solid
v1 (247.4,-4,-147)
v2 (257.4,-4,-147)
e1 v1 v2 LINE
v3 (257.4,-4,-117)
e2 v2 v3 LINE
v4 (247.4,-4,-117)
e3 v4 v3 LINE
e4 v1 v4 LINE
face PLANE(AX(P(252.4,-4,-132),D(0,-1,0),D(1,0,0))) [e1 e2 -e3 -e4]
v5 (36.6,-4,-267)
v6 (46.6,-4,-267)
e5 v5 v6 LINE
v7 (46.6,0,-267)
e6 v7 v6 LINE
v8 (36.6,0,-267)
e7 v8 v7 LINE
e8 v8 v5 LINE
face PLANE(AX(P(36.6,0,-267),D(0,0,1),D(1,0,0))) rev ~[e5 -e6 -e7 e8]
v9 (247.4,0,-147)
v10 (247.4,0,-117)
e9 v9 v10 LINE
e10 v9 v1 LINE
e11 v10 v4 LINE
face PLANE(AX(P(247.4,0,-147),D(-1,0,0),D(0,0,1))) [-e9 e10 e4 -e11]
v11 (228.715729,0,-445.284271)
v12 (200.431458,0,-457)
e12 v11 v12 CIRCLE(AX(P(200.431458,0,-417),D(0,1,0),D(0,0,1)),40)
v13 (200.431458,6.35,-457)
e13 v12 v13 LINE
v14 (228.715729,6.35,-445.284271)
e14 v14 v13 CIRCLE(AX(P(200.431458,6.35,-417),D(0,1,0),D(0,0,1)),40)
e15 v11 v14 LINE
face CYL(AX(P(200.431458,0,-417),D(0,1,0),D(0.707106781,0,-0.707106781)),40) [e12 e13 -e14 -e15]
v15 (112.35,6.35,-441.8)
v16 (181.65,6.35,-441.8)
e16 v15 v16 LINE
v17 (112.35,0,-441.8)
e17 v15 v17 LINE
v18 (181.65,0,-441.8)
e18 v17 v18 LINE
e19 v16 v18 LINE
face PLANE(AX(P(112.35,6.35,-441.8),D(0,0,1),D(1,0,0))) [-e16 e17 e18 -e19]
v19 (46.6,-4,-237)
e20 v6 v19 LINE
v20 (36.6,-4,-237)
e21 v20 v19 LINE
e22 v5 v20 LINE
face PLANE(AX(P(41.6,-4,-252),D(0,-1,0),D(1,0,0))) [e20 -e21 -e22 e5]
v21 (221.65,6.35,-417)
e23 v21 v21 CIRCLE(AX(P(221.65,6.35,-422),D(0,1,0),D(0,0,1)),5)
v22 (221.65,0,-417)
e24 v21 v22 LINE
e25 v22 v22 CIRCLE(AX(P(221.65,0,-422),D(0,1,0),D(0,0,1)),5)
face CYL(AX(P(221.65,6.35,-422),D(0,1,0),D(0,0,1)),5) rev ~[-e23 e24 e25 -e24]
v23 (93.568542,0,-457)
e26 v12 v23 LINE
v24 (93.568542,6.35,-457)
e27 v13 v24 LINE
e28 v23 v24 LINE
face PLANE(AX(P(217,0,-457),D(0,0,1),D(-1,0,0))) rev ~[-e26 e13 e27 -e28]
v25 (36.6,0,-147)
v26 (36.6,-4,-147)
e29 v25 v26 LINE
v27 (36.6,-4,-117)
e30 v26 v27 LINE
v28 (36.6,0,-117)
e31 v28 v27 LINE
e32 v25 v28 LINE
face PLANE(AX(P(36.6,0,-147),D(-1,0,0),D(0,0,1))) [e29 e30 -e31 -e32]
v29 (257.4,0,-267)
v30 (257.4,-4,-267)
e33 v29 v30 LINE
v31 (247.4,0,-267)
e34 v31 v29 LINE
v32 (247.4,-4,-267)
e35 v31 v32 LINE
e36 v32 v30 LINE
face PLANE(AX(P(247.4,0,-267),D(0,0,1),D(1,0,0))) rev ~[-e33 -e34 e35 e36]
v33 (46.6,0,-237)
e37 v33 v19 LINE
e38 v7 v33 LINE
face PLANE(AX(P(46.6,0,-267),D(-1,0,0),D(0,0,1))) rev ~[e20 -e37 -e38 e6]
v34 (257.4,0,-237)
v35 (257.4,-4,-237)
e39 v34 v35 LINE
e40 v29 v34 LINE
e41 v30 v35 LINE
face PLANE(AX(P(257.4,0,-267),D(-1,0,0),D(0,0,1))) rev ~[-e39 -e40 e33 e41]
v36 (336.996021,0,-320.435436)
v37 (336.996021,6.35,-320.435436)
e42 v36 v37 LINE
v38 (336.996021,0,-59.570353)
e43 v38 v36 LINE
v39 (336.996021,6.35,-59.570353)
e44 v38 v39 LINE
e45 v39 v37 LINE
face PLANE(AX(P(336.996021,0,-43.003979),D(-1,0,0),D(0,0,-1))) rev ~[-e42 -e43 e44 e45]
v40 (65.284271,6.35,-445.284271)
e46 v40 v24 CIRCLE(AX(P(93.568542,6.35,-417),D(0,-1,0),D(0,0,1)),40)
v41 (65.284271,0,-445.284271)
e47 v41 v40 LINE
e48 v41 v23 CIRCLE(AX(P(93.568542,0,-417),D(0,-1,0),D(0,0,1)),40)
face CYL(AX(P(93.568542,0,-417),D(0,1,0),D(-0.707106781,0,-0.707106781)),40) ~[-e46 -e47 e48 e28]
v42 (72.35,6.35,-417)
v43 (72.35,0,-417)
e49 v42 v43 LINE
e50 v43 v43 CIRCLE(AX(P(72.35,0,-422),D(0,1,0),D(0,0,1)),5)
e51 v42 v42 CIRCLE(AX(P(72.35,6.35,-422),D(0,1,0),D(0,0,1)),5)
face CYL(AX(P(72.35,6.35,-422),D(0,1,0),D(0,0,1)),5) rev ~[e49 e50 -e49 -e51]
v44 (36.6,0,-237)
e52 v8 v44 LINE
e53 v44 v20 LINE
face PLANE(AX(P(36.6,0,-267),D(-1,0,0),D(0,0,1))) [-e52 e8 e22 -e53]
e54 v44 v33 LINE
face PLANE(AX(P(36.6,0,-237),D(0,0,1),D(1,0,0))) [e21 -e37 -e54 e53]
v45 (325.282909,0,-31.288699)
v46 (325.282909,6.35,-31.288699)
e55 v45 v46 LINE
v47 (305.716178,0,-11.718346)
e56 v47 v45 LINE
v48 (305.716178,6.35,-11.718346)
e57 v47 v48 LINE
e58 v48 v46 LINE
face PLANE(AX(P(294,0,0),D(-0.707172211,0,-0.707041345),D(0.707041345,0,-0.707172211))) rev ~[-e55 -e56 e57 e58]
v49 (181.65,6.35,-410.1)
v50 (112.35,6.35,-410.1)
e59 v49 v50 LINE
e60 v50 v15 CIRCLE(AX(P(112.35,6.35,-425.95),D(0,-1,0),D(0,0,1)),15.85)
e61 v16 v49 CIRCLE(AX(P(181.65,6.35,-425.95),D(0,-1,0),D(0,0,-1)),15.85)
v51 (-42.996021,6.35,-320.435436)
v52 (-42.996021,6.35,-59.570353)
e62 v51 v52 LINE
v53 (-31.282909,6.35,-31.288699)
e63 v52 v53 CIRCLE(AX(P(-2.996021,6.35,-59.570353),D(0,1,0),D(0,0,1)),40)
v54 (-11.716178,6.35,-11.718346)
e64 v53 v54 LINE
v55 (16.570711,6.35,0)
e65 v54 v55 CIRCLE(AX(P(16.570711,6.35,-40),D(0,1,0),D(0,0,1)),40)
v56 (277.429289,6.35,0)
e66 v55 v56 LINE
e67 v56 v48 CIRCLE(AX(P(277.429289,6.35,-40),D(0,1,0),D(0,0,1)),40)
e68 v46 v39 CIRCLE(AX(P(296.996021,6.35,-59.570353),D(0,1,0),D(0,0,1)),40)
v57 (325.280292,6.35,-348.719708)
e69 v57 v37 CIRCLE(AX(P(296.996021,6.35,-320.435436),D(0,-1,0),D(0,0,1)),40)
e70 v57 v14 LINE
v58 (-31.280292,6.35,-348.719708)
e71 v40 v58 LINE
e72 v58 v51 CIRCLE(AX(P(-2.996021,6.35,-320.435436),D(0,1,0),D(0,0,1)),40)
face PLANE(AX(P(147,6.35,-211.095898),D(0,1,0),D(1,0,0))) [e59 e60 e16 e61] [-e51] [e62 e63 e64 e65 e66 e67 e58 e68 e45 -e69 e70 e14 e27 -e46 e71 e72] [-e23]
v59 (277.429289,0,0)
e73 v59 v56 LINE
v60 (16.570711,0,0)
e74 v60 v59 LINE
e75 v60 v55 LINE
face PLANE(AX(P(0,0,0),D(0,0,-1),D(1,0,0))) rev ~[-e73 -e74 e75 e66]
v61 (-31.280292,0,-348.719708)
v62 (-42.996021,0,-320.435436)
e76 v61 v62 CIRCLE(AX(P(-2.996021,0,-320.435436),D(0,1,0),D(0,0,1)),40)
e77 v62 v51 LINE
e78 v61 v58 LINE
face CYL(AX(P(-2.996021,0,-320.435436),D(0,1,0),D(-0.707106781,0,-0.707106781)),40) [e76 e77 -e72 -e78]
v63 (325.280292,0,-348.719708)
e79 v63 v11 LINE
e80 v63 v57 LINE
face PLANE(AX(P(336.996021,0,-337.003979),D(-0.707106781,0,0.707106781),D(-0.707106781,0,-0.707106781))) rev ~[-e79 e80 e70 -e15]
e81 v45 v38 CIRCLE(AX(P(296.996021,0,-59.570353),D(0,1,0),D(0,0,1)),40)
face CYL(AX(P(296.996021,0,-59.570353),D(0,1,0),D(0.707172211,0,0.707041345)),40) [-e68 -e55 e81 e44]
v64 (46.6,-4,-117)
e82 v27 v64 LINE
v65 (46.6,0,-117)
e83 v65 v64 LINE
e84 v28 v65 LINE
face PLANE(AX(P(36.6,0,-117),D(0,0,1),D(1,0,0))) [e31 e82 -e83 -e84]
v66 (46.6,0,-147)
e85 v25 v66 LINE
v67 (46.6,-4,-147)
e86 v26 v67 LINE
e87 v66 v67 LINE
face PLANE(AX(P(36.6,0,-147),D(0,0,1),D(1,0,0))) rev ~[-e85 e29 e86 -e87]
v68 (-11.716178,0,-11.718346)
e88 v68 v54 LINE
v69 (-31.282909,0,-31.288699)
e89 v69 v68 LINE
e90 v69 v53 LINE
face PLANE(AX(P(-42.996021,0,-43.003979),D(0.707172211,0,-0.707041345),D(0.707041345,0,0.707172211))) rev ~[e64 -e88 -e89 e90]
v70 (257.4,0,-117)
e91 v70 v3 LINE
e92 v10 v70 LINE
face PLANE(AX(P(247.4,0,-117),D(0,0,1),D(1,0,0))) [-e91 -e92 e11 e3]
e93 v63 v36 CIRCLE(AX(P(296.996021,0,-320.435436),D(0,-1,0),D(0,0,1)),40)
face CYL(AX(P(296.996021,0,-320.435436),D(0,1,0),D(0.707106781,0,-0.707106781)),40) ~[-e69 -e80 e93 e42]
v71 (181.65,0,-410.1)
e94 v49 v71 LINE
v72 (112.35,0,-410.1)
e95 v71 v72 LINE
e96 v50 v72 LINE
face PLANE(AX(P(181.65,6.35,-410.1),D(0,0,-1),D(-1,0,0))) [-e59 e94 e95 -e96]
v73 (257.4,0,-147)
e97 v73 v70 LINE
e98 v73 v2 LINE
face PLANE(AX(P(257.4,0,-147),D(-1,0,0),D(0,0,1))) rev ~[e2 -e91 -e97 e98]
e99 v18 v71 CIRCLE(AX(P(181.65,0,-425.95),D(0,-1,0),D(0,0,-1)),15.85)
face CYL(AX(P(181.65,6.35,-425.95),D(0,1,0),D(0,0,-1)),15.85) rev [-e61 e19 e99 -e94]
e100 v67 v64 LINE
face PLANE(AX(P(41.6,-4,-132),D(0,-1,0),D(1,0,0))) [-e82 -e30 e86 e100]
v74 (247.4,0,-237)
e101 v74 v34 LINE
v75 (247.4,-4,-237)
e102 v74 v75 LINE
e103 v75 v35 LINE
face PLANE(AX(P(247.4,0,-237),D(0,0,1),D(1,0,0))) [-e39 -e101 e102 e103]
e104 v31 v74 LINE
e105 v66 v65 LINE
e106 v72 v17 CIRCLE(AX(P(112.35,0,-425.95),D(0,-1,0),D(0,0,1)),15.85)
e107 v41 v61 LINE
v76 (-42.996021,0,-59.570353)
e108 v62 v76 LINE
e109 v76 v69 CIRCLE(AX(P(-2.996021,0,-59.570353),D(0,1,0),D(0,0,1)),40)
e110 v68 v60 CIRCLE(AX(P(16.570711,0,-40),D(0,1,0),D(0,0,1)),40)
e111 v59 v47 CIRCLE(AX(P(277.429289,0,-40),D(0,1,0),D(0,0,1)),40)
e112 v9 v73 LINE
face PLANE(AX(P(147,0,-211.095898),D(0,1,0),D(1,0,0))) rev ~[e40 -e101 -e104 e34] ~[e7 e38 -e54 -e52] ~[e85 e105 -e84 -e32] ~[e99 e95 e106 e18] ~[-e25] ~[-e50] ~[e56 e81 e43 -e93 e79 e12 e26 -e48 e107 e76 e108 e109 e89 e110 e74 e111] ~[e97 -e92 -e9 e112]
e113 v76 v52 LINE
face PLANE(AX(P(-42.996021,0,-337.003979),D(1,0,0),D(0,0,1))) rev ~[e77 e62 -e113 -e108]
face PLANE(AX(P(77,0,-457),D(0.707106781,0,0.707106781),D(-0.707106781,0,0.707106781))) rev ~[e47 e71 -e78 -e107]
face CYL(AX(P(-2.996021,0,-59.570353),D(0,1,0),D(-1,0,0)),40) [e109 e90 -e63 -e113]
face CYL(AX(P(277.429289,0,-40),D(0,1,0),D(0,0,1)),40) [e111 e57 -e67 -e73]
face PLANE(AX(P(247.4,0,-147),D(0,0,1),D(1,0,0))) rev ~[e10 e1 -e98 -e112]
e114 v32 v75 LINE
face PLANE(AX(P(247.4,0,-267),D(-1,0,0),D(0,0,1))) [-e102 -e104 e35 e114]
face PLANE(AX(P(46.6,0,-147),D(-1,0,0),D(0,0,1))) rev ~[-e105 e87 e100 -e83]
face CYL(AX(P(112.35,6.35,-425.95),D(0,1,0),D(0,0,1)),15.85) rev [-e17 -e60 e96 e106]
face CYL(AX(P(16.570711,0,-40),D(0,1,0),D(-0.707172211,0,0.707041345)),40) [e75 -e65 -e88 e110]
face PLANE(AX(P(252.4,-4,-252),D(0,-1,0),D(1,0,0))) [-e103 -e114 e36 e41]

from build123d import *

# Parameters (mm, degrees)
BODY_DEPTH                    = 6.35
HANDLE_DEPTH                  = 6.35
SKETCH11_R                    = 5
LOCKING_MECHANISM_HOLES_DEPTH = 6.36
FILLET1_R                     = 40
FILLET2_R                     = 40
SKETCH12_W                    = 10
SKETCH12_H                    = 30
BOSS_EXTRUDE1_DEPTH           = 4


with BuildPart() as part:
    # Sketch1 → Body (new body)
    with BuildSketch(Plane(origin=(0, 0, 0), x_dir=(1, 0, 0), z_dir=(0, 1, 0))):
        Polygon((0, 0), (294, 0), (336.996020767, 43.003978862), (336.996020767, 337.003978862), (217, 456.999999629), (77, 456.999999629), (-42.996020767, 337.003978862), (-42.996020767, 43.003978862), align=None)
    extrude(amount=BODY_DEPTH)

    # Sketch2 → Handle (cut)
    with BuildSketch(Plane(origin=(0, 6.35, 0), x_dir=(1, 0, 0), z_dir=(0, 1, 0))):
        with BuildLine():
            Line((112.35, 441.799999629), (181.65, 441.799999629))
            ThreePointArc((181.65, 441.799999629), (197.5, 425.949999629), (181.65, 410.099999629))
            Line((181.65, 410.099999629), (112.35, 410.099999629))
            ThreePointArc((112.35, 410.099999629), (96.5, 425.949999629), (112.35, 441.799999629))
        make_face()
    extrude(amount=-HANDLE_DEPTH, mode=Mode.SUBTRACT)

    # Sketch11 → Locking Mechanism Holes (cut)
    with BuildSketch(Plane(origin=(0, 6.35, 0), x_dir=(1, 0, 0), z_dir=(0, 1, 0))):
        with Locations(Location((221.65, 421.999999629, 0), (0, 0, 270))):
            Circle(SKETCH11_R)
        with Locations(Location((72.35, 421.999999629, 0), (0, 0, 270))):
            Circle(SKETCH11_R)
    extrude(amount=-LOCKING_MECHANISM_HOLES_DEPTH, mode=Mode.SUBTRACT)

    # Fillet1
    fillet1_edges = [part.edges().sort_by_distance(p)[0] for p in [
        (77, 3.175, -456.999999629),
        (217, 3.175, -456.999999629),
    ]]
    fillet(fillet1_edges, radius=FILLET1_R)

    # Fillet2
    fillet2_edges = [part.edges().sort_by_distance(p)[0] for p in [
        (-42.996020767, 3.175, -43.003978862),
        (-42.996020767, 3.175, -337.003978862),
        (336.996020767, 3.175, -337.003978862),
        (336.996020767, 3.175, -43.003978862),
        (294, 3.175, 0),
        (0, 3.175, 0),
    ]]
    fillet(fillet2_edges, radius=FILLET2_R)

    # Sketch12 → Boss-Extrude1 (add)
    with BuildSketch(Plane.XZ):
        with Locations((252.4, -251.999999629)):
            Rectangle(SKETCH12_W, SKETCH12_H)
        with Locations((41.6, -131.999999629)):
            Rectangle(SKETCH12_W, SKETCH12_H)
        with Locations((41.6, -251.999999629)):
            Rectangle(SKETCH12_W, SKETCH12_H)
        with Locations((252.4, -131.999999629)):
            Rectangle(SKETCH12_W, SKETCH12_H)
    extrude(amount=BOSS_EXTRUDE1_DEPTH)


solid = part.part
